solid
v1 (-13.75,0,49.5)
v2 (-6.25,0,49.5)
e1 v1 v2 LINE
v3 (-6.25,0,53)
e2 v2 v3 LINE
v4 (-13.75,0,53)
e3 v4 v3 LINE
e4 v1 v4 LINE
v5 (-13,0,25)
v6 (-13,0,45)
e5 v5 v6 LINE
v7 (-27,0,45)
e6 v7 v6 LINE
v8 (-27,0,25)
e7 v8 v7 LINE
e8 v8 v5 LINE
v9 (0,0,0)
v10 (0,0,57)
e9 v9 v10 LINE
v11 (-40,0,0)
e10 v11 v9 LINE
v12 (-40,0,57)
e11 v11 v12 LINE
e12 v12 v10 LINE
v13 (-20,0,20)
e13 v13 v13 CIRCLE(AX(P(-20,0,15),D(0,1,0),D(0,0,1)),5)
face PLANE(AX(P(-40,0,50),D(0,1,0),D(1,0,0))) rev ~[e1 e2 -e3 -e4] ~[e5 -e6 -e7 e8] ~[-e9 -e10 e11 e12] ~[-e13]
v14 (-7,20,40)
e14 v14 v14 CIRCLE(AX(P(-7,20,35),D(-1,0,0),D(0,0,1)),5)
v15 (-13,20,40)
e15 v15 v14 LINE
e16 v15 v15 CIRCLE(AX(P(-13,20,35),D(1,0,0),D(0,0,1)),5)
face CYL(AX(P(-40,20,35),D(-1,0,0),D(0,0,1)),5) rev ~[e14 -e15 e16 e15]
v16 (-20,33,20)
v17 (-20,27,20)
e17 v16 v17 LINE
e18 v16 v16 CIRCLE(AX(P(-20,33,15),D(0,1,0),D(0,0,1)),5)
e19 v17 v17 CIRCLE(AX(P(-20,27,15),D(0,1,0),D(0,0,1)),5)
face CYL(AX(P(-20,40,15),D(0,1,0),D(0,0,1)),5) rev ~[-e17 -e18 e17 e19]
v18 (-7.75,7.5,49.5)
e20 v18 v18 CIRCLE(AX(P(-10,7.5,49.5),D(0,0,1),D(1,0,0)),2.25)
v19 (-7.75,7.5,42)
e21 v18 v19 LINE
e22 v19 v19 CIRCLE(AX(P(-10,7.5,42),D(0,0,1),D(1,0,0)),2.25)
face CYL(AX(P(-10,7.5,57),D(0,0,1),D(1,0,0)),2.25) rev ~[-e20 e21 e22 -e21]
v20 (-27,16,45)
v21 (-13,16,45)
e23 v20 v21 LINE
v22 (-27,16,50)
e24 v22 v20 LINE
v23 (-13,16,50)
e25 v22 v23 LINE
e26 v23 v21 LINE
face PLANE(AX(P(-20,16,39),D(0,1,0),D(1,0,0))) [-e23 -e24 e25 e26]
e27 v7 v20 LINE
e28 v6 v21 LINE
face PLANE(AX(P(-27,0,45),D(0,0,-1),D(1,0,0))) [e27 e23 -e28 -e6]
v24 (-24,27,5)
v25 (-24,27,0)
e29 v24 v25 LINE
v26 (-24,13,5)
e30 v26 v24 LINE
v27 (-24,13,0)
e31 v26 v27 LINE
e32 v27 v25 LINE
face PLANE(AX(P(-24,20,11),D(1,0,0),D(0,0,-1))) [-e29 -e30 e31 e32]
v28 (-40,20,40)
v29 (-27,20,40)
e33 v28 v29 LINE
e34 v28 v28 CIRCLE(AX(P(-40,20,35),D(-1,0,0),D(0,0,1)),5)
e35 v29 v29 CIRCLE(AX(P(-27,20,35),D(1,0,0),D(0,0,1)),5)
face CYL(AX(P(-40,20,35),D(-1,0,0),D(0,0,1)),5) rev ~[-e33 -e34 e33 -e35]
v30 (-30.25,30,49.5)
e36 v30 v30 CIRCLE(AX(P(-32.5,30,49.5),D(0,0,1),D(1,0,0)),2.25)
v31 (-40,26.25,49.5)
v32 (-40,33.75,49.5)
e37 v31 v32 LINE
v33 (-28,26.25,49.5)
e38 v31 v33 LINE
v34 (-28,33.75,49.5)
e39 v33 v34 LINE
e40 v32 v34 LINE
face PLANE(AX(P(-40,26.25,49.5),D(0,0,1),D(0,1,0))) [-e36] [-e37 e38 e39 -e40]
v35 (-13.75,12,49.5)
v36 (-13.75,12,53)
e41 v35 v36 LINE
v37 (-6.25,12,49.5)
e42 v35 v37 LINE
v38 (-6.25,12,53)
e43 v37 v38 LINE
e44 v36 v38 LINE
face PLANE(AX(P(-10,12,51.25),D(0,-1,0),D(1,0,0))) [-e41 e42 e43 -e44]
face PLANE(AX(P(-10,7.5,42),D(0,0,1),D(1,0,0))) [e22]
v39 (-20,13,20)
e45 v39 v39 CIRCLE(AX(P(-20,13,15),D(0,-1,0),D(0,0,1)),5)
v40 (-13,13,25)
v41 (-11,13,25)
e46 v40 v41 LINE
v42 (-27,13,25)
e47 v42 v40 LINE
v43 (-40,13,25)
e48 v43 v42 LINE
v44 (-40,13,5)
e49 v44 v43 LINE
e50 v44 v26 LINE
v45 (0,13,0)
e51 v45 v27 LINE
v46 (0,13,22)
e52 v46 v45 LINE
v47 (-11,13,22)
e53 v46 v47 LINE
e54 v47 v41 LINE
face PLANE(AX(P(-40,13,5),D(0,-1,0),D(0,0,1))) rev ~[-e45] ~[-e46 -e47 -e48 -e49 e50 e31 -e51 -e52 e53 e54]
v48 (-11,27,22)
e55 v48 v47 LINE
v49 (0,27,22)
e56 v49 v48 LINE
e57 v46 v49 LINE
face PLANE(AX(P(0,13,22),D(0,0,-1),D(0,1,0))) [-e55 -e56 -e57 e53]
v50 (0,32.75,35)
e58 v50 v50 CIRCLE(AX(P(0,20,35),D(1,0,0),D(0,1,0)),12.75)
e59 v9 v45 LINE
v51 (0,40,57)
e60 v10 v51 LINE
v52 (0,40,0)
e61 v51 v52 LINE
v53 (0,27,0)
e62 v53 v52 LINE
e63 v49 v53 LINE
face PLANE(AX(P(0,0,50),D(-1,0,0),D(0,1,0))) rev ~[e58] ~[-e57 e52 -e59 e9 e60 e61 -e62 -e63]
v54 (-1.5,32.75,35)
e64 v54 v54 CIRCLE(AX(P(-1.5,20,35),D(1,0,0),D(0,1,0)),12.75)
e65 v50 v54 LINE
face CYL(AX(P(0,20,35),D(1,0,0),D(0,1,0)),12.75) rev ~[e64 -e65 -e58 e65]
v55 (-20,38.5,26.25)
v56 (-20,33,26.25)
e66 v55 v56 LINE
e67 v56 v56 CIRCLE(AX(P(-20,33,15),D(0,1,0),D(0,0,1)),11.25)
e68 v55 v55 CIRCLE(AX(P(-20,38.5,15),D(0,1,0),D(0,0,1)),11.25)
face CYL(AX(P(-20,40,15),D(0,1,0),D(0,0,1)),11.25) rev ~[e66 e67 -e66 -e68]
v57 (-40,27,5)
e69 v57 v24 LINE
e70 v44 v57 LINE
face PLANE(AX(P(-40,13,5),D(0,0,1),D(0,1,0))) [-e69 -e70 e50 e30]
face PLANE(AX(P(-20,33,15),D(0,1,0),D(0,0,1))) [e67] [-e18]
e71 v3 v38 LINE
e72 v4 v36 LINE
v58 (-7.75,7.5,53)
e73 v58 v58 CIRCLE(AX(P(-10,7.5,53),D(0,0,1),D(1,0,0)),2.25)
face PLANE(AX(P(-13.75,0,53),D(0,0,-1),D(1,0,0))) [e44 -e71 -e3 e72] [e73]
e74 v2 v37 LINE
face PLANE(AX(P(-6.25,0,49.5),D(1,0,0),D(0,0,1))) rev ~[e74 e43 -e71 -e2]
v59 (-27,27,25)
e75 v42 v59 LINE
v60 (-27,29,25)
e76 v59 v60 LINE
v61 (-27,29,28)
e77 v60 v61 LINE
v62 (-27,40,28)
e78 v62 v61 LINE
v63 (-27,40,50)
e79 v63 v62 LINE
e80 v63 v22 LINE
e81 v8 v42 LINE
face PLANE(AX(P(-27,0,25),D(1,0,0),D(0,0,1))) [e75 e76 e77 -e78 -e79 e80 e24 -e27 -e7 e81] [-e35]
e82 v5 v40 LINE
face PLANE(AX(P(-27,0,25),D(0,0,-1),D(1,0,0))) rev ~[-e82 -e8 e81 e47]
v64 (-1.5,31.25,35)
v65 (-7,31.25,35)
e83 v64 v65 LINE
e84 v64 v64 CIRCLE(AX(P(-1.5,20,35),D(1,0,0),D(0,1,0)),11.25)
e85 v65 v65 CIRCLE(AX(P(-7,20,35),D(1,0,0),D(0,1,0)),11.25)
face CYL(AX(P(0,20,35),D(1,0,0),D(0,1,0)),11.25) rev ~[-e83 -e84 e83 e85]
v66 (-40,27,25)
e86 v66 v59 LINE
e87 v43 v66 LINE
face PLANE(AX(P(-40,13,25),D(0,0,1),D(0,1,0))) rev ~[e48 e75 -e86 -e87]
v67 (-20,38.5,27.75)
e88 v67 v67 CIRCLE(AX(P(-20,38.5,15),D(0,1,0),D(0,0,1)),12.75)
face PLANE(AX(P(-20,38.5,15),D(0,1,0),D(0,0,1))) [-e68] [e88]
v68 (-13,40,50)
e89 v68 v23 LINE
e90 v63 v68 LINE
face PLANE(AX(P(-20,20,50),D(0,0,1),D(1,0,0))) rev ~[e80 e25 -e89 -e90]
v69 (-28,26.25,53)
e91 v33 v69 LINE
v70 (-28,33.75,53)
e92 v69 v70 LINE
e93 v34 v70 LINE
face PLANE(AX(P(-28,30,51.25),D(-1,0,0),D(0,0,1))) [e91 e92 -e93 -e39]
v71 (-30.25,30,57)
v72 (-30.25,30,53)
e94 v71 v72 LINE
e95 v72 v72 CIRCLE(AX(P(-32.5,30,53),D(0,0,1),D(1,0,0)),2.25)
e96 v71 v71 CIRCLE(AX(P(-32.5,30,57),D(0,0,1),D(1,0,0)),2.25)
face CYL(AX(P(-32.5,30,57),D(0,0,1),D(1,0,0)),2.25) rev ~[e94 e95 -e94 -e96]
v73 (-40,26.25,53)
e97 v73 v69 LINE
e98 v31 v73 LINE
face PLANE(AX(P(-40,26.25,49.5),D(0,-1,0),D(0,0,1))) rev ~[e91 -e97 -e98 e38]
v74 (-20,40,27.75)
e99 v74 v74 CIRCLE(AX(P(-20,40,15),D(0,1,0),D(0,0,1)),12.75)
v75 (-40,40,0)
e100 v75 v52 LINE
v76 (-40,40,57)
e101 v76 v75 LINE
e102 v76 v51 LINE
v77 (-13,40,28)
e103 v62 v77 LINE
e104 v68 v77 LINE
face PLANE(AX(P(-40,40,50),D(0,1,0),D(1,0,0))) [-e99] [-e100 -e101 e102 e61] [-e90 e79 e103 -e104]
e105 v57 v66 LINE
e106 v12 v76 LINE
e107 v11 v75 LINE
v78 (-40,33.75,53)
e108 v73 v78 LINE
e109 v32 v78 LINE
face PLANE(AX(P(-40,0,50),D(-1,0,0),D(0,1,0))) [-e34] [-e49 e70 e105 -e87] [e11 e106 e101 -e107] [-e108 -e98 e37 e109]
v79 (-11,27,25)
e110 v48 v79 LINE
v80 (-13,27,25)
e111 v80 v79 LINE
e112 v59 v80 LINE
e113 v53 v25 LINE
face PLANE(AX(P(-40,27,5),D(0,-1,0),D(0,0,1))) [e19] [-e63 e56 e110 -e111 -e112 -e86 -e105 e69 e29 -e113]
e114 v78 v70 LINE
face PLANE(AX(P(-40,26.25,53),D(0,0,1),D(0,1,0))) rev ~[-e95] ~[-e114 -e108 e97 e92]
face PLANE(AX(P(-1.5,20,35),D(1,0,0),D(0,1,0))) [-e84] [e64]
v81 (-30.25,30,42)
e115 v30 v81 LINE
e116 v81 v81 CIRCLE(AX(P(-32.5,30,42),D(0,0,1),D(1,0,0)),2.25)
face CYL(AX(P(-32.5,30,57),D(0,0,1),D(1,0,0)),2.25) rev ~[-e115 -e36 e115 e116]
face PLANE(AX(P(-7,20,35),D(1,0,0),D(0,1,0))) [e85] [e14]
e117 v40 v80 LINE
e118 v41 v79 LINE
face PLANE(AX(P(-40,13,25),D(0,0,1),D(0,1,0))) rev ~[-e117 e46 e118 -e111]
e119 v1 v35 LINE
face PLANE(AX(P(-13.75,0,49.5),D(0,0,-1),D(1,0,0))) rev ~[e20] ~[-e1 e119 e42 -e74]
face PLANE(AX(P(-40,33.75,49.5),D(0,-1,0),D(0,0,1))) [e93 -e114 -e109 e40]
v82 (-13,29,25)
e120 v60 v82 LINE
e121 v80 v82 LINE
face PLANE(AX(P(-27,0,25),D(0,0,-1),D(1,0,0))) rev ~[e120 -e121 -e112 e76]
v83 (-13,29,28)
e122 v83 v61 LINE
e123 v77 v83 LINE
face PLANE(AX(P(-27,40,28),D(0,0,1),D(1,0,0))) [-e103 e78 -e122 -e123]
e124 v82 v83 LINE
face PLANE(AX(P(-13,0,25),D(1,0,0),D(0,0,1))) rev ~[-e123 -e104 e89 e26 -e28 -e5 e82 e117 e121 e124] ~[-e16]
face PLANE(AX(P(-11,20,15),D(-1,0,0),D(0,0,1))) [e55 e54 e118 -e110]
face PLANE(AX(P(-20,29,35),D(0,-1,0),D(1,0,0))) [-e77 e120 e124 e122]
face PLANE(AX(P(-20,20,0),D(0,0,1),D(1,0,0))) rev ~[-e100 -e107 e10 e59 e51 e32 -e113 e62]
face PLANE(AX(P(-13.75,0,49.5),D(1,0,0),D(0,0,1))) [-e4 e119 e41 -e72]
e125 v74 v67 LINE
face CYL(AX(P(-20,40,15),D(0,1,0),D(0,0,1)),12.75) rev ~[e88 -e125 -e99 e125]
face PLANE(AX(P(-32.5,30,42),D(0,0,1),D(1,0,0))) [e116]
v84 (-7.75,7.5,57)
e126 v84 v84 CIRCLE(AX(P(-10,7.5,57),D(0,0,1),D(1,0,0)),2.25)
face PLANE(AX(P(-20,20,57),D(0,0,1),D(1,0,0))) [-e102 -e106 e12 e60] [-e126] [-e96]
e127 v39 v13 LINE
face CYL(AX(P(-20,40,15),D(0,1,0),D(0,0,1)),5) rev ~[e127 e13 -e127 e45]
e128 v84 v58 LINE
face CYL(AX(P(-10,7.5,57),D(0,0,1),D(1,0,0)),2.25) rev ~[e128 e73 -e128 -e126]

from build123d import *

# Parameters (mm, degrees)
ESQUISSE1_W              = 40
ESQUISSE1_H              = 40
BOSS_EXTRU_1_DEPTH       = 50
ESQUISSE2_R              = 5
ENL_V_MAT_EXTRU_1_DEPTH  = 41
ESQUISSE3_R              = 5
ENL_V_MAT_EXTRU_2_DEPTH  = 41
ESQUISSE4_W              = 20
ESQUISSE4_H              = 14
ENL_V_MAT_EXTRU_3_DEPTH  = 29
ESQUISSE5_W              = 14
ESQUISSE5_H              = 20
ENL_V_MAT_EXTRU_4_DEPTH  = 29
ESQUISSE6_W              = 22
ESQUISSE6_H              = 14
ENL_V_MAT_EXTRU_5_DEPTH  = 24
ESQUISSE7_W              = 14
ESQUISSE7_H              = 22
ENL_V_MAT_EXTRU_6_DEPTH  = 24
ESQUISSE8_R              = 11.25
ENL_V_MAT_EXTRU_7_DEPTH  = 7
ESQUISSE9_R              = 12.75
ENL_V_MAT_EXTRU_8_DEPTH  = 1.5
ESQUISSE10_R             = 11.25
ENL_V_MAT_EXTRU_9_DEPTH  = 7
ESQUISSE11_R             = 12.75
ENL_V_MAT_EXTRU_10_DEPTH = 1.5
ESQUISSE12_W             = 40
ESQUISSE12_H             = 40
BOSS_EXTRU_2_DEPTH       = 7
ESQUISSE13_R             = 2.25
ENL_V_MAT_EXTRU_11_DEPTH = 15
ESQUISSE14_W             = 7.5
ESQUISSE14_H             = 3.5
ENL_V_MAT_EXTRU_12_DEPTH = 12
ESQUISSE15_W             = 3.5
ESQUISSE15_H             = 7.5
ENL_V_MAT_EXTRU_13_DEPTH = 12


with BuildPart() as part:
    # Esquisse1 → Boss.-Extru.1 (new body)
    with BuildSketch(Plane.XY):
        with Locations((-20, 20)):
            Rectangle(ESQUISSE1_W, ESQUISSE1_H)
    extrude(amount=BOSS_EXTRU_1_DEPTH)

    # Esquisse2 → Enlèv. mat.-Extru.1 (cut, through all)
    with BuildSketch(Plane(origin=(0, 40, 0), x_dir=(1, 0, 0), z_dir=(0, 1, 0))):
        with Locations(Location((-20, -15, 0), (0, 0, 270))):  # turned: the seam where the file's is
            Circle(ESQUISSE2_R)
    extrude(amount=-ENL_V_MAT_EXTRU_1_DEPTH, mode=Mode.SUBTRACT)

    # Esquisse3 → Enlèv. mat.-Extru.2 (cut, through all)
    with BuildSketch(Plane.ZY.offset(40)):
        with Locations((35, 20)):
            Circle(ESQUISSE3_R)
    extrude(amount=-ENL_V_MAT_EXTRU_2_DEPTH, mode=Mode.SUBTRACT)

    # Esquisse4 → Enlèv. mat.-Extru.3 (cut)
    with BuildSketch(Plane.ZY.offset(40)):
        with Locations((15, 20)):
            Rectangle(ESQUISSE4_W, ESQUISSE4_H)
    extrude(amount=-ENL_V_MAT_EXTRU_3_DEPTH, mode=Mode.SUBTRACT)

    # Esquisse5 → Enlèv. mat.-Extru.4 (cut)
    with BuildSketch(Plane.XZ):
        with Locations((-20, 35)):
            Rectangle(ESQUISSE5_W, ESQUISSE5_H)
    extrude(amount=-ENL_V_MAT_EXTRU_4_DEPTH, mode=Mode.SUBTRACT)

    # Esquisse6 → Enlèv. mat.-Extru.5 (cut)
    with BuildSketch(Plane(origin=(0, 0, 0), x_dir=(0, 0, -1), z_dir=(1, 0, 0))):
        with Locations((-11, 20)):
            Rectangle(ESQUISSE6_W, ESQUISSE6_H)
    extrude(amount=-ENL_V_MAT_EXTRU_5_DEPTH, mode=Mode.SUBTRACT)

    # Esquisse7 → Enlèv. mat.-Extru.6 (cut)
    with BuildSketch(Plane(origin=(0, 40, 0), x_dir=(1, 0, 0), z_dir=(0, 1, 0))):
        with Locations((-20, -39)):
            Rectangle(ESQUISSE7_W, ESQUISSE7_H)
    extrude(amount=-ENL_V_MAT_EXTRU_6_DEPTH, mode=Mode.SUBTRACT)

    # Esquisse8 → Enlèv. mat.-Extru.7 (cut)
    with BuildSketch(Plane(origin=(0, 0, 0), x_dir=(0, 0, -1), z_dir=(1, 0, 0))):
        with Locations(Location((-35, 20, 0), (0, 0, 90))):  # turned: the seam where the file's is
            Circle(ESQUISSE8_R)
    extrude(amount=-ENL_V_MAT_EXTRU_7_DEPTH, mode=Mode.SUBTRACT)

    # Esquisse9 → Enlèv. mat.-Extru.8 (cut)
    with BuildSketch(Plane(origin=(0, 0, 0), x_dir=(0, 0, -1), z_dir=(1, 0, 0))):
        with Locations(Location((-35, 20, 0), (0, 0, 90))):  # turned: the seam where the file's is
            Circle(ESQUISSE9_R)
    extrude(amount=-ENL_V_MAT_EXTRU_8_DEPTH, mode=Mode.SUBTRACT)

    # Esquisse10 → Enlèv. mat.-Extru.9 (cut)
    with BuildSketch(Plane(origin=(0, 40, 0), x_dir=(1, 0, 0), z_dir=(0, 1, 0))):
        with Locations(Location((-20, -15, 0), (0, 0, 270))):  # turned: the seam where the file's is
            Circle(ESQUISSE10_R)
    extrude(amount=-ENL_V_MAT_EXTRU_9_DEPTH, mode=Mode.SUBTRACT)

    # Esquisse11 → Enlèv. mat.-Extru.10 (cut)
    with BuildSketch(Plane(origin=(0, 40, 0), x_dir=(1, 0, 0), z_dir=(0, 1, 0))):
        with Locations(Location((-20, -15, 0), (0, 0, 270))):  # turned: the seam where the file's is
            Circle(ESQUISSE11_R)
    extrude(amount=-ENL_V_MAT_EXTRU_10_DEPTH, mode=Mode.SUBTRACT)

    # Esquisse12 → Boss.-Extru.2 (add)
    with BuildSketch(Plane.XY.offset(50)):
        with Locations((-20, 20)):
            Rectangle(ESQUISSE12_W, ESQUISSE12_H)
    extrude(amount=BOSS_EXTRU_2_DEPTH)

    # Esquisse13 → Enlèv. mat.-Extru.11 (cut)
    with BuildSketch(Plane.XY.offset(57)):
        with Locations((-32.5, 30)):
            Circle(ESQUISSE13_R)
        with Locations((-10, 7.5)):
            Circle(ESQUISSE13_R)
    extrude(amount=-ENL_V_MAT_EXTRU_11_DEPTH, mode=Mode.SUBTRACT)

    # Esquisse14 → Enlèv. mat.-Extru.12 (cut)
    with BuildSketch(Plane.XZ):
        with Locations((-10, 51.25)):
            Rectangle(ESQUISSE14_W, ESQUISSE14_H)
    extrude(amount=-ENL_V_MAT_EXTRU_12_DEPTH, mode=Mode.SUBTRACT)

    # Esquisse15 → Enlèv. mat.-Extru.13 (cut)
    with BuildSketch(Plane.ZY.offset(40)):
        with Locations((51.25, 30)):
            Rectangle(ESQUISSE15_W, ESQUISSE15_H)
    extrude(amount=-ENL_V_MAT_EXTRU_13_DEPTH, mode=Mode.SUBTRACT)


solid = part.part
